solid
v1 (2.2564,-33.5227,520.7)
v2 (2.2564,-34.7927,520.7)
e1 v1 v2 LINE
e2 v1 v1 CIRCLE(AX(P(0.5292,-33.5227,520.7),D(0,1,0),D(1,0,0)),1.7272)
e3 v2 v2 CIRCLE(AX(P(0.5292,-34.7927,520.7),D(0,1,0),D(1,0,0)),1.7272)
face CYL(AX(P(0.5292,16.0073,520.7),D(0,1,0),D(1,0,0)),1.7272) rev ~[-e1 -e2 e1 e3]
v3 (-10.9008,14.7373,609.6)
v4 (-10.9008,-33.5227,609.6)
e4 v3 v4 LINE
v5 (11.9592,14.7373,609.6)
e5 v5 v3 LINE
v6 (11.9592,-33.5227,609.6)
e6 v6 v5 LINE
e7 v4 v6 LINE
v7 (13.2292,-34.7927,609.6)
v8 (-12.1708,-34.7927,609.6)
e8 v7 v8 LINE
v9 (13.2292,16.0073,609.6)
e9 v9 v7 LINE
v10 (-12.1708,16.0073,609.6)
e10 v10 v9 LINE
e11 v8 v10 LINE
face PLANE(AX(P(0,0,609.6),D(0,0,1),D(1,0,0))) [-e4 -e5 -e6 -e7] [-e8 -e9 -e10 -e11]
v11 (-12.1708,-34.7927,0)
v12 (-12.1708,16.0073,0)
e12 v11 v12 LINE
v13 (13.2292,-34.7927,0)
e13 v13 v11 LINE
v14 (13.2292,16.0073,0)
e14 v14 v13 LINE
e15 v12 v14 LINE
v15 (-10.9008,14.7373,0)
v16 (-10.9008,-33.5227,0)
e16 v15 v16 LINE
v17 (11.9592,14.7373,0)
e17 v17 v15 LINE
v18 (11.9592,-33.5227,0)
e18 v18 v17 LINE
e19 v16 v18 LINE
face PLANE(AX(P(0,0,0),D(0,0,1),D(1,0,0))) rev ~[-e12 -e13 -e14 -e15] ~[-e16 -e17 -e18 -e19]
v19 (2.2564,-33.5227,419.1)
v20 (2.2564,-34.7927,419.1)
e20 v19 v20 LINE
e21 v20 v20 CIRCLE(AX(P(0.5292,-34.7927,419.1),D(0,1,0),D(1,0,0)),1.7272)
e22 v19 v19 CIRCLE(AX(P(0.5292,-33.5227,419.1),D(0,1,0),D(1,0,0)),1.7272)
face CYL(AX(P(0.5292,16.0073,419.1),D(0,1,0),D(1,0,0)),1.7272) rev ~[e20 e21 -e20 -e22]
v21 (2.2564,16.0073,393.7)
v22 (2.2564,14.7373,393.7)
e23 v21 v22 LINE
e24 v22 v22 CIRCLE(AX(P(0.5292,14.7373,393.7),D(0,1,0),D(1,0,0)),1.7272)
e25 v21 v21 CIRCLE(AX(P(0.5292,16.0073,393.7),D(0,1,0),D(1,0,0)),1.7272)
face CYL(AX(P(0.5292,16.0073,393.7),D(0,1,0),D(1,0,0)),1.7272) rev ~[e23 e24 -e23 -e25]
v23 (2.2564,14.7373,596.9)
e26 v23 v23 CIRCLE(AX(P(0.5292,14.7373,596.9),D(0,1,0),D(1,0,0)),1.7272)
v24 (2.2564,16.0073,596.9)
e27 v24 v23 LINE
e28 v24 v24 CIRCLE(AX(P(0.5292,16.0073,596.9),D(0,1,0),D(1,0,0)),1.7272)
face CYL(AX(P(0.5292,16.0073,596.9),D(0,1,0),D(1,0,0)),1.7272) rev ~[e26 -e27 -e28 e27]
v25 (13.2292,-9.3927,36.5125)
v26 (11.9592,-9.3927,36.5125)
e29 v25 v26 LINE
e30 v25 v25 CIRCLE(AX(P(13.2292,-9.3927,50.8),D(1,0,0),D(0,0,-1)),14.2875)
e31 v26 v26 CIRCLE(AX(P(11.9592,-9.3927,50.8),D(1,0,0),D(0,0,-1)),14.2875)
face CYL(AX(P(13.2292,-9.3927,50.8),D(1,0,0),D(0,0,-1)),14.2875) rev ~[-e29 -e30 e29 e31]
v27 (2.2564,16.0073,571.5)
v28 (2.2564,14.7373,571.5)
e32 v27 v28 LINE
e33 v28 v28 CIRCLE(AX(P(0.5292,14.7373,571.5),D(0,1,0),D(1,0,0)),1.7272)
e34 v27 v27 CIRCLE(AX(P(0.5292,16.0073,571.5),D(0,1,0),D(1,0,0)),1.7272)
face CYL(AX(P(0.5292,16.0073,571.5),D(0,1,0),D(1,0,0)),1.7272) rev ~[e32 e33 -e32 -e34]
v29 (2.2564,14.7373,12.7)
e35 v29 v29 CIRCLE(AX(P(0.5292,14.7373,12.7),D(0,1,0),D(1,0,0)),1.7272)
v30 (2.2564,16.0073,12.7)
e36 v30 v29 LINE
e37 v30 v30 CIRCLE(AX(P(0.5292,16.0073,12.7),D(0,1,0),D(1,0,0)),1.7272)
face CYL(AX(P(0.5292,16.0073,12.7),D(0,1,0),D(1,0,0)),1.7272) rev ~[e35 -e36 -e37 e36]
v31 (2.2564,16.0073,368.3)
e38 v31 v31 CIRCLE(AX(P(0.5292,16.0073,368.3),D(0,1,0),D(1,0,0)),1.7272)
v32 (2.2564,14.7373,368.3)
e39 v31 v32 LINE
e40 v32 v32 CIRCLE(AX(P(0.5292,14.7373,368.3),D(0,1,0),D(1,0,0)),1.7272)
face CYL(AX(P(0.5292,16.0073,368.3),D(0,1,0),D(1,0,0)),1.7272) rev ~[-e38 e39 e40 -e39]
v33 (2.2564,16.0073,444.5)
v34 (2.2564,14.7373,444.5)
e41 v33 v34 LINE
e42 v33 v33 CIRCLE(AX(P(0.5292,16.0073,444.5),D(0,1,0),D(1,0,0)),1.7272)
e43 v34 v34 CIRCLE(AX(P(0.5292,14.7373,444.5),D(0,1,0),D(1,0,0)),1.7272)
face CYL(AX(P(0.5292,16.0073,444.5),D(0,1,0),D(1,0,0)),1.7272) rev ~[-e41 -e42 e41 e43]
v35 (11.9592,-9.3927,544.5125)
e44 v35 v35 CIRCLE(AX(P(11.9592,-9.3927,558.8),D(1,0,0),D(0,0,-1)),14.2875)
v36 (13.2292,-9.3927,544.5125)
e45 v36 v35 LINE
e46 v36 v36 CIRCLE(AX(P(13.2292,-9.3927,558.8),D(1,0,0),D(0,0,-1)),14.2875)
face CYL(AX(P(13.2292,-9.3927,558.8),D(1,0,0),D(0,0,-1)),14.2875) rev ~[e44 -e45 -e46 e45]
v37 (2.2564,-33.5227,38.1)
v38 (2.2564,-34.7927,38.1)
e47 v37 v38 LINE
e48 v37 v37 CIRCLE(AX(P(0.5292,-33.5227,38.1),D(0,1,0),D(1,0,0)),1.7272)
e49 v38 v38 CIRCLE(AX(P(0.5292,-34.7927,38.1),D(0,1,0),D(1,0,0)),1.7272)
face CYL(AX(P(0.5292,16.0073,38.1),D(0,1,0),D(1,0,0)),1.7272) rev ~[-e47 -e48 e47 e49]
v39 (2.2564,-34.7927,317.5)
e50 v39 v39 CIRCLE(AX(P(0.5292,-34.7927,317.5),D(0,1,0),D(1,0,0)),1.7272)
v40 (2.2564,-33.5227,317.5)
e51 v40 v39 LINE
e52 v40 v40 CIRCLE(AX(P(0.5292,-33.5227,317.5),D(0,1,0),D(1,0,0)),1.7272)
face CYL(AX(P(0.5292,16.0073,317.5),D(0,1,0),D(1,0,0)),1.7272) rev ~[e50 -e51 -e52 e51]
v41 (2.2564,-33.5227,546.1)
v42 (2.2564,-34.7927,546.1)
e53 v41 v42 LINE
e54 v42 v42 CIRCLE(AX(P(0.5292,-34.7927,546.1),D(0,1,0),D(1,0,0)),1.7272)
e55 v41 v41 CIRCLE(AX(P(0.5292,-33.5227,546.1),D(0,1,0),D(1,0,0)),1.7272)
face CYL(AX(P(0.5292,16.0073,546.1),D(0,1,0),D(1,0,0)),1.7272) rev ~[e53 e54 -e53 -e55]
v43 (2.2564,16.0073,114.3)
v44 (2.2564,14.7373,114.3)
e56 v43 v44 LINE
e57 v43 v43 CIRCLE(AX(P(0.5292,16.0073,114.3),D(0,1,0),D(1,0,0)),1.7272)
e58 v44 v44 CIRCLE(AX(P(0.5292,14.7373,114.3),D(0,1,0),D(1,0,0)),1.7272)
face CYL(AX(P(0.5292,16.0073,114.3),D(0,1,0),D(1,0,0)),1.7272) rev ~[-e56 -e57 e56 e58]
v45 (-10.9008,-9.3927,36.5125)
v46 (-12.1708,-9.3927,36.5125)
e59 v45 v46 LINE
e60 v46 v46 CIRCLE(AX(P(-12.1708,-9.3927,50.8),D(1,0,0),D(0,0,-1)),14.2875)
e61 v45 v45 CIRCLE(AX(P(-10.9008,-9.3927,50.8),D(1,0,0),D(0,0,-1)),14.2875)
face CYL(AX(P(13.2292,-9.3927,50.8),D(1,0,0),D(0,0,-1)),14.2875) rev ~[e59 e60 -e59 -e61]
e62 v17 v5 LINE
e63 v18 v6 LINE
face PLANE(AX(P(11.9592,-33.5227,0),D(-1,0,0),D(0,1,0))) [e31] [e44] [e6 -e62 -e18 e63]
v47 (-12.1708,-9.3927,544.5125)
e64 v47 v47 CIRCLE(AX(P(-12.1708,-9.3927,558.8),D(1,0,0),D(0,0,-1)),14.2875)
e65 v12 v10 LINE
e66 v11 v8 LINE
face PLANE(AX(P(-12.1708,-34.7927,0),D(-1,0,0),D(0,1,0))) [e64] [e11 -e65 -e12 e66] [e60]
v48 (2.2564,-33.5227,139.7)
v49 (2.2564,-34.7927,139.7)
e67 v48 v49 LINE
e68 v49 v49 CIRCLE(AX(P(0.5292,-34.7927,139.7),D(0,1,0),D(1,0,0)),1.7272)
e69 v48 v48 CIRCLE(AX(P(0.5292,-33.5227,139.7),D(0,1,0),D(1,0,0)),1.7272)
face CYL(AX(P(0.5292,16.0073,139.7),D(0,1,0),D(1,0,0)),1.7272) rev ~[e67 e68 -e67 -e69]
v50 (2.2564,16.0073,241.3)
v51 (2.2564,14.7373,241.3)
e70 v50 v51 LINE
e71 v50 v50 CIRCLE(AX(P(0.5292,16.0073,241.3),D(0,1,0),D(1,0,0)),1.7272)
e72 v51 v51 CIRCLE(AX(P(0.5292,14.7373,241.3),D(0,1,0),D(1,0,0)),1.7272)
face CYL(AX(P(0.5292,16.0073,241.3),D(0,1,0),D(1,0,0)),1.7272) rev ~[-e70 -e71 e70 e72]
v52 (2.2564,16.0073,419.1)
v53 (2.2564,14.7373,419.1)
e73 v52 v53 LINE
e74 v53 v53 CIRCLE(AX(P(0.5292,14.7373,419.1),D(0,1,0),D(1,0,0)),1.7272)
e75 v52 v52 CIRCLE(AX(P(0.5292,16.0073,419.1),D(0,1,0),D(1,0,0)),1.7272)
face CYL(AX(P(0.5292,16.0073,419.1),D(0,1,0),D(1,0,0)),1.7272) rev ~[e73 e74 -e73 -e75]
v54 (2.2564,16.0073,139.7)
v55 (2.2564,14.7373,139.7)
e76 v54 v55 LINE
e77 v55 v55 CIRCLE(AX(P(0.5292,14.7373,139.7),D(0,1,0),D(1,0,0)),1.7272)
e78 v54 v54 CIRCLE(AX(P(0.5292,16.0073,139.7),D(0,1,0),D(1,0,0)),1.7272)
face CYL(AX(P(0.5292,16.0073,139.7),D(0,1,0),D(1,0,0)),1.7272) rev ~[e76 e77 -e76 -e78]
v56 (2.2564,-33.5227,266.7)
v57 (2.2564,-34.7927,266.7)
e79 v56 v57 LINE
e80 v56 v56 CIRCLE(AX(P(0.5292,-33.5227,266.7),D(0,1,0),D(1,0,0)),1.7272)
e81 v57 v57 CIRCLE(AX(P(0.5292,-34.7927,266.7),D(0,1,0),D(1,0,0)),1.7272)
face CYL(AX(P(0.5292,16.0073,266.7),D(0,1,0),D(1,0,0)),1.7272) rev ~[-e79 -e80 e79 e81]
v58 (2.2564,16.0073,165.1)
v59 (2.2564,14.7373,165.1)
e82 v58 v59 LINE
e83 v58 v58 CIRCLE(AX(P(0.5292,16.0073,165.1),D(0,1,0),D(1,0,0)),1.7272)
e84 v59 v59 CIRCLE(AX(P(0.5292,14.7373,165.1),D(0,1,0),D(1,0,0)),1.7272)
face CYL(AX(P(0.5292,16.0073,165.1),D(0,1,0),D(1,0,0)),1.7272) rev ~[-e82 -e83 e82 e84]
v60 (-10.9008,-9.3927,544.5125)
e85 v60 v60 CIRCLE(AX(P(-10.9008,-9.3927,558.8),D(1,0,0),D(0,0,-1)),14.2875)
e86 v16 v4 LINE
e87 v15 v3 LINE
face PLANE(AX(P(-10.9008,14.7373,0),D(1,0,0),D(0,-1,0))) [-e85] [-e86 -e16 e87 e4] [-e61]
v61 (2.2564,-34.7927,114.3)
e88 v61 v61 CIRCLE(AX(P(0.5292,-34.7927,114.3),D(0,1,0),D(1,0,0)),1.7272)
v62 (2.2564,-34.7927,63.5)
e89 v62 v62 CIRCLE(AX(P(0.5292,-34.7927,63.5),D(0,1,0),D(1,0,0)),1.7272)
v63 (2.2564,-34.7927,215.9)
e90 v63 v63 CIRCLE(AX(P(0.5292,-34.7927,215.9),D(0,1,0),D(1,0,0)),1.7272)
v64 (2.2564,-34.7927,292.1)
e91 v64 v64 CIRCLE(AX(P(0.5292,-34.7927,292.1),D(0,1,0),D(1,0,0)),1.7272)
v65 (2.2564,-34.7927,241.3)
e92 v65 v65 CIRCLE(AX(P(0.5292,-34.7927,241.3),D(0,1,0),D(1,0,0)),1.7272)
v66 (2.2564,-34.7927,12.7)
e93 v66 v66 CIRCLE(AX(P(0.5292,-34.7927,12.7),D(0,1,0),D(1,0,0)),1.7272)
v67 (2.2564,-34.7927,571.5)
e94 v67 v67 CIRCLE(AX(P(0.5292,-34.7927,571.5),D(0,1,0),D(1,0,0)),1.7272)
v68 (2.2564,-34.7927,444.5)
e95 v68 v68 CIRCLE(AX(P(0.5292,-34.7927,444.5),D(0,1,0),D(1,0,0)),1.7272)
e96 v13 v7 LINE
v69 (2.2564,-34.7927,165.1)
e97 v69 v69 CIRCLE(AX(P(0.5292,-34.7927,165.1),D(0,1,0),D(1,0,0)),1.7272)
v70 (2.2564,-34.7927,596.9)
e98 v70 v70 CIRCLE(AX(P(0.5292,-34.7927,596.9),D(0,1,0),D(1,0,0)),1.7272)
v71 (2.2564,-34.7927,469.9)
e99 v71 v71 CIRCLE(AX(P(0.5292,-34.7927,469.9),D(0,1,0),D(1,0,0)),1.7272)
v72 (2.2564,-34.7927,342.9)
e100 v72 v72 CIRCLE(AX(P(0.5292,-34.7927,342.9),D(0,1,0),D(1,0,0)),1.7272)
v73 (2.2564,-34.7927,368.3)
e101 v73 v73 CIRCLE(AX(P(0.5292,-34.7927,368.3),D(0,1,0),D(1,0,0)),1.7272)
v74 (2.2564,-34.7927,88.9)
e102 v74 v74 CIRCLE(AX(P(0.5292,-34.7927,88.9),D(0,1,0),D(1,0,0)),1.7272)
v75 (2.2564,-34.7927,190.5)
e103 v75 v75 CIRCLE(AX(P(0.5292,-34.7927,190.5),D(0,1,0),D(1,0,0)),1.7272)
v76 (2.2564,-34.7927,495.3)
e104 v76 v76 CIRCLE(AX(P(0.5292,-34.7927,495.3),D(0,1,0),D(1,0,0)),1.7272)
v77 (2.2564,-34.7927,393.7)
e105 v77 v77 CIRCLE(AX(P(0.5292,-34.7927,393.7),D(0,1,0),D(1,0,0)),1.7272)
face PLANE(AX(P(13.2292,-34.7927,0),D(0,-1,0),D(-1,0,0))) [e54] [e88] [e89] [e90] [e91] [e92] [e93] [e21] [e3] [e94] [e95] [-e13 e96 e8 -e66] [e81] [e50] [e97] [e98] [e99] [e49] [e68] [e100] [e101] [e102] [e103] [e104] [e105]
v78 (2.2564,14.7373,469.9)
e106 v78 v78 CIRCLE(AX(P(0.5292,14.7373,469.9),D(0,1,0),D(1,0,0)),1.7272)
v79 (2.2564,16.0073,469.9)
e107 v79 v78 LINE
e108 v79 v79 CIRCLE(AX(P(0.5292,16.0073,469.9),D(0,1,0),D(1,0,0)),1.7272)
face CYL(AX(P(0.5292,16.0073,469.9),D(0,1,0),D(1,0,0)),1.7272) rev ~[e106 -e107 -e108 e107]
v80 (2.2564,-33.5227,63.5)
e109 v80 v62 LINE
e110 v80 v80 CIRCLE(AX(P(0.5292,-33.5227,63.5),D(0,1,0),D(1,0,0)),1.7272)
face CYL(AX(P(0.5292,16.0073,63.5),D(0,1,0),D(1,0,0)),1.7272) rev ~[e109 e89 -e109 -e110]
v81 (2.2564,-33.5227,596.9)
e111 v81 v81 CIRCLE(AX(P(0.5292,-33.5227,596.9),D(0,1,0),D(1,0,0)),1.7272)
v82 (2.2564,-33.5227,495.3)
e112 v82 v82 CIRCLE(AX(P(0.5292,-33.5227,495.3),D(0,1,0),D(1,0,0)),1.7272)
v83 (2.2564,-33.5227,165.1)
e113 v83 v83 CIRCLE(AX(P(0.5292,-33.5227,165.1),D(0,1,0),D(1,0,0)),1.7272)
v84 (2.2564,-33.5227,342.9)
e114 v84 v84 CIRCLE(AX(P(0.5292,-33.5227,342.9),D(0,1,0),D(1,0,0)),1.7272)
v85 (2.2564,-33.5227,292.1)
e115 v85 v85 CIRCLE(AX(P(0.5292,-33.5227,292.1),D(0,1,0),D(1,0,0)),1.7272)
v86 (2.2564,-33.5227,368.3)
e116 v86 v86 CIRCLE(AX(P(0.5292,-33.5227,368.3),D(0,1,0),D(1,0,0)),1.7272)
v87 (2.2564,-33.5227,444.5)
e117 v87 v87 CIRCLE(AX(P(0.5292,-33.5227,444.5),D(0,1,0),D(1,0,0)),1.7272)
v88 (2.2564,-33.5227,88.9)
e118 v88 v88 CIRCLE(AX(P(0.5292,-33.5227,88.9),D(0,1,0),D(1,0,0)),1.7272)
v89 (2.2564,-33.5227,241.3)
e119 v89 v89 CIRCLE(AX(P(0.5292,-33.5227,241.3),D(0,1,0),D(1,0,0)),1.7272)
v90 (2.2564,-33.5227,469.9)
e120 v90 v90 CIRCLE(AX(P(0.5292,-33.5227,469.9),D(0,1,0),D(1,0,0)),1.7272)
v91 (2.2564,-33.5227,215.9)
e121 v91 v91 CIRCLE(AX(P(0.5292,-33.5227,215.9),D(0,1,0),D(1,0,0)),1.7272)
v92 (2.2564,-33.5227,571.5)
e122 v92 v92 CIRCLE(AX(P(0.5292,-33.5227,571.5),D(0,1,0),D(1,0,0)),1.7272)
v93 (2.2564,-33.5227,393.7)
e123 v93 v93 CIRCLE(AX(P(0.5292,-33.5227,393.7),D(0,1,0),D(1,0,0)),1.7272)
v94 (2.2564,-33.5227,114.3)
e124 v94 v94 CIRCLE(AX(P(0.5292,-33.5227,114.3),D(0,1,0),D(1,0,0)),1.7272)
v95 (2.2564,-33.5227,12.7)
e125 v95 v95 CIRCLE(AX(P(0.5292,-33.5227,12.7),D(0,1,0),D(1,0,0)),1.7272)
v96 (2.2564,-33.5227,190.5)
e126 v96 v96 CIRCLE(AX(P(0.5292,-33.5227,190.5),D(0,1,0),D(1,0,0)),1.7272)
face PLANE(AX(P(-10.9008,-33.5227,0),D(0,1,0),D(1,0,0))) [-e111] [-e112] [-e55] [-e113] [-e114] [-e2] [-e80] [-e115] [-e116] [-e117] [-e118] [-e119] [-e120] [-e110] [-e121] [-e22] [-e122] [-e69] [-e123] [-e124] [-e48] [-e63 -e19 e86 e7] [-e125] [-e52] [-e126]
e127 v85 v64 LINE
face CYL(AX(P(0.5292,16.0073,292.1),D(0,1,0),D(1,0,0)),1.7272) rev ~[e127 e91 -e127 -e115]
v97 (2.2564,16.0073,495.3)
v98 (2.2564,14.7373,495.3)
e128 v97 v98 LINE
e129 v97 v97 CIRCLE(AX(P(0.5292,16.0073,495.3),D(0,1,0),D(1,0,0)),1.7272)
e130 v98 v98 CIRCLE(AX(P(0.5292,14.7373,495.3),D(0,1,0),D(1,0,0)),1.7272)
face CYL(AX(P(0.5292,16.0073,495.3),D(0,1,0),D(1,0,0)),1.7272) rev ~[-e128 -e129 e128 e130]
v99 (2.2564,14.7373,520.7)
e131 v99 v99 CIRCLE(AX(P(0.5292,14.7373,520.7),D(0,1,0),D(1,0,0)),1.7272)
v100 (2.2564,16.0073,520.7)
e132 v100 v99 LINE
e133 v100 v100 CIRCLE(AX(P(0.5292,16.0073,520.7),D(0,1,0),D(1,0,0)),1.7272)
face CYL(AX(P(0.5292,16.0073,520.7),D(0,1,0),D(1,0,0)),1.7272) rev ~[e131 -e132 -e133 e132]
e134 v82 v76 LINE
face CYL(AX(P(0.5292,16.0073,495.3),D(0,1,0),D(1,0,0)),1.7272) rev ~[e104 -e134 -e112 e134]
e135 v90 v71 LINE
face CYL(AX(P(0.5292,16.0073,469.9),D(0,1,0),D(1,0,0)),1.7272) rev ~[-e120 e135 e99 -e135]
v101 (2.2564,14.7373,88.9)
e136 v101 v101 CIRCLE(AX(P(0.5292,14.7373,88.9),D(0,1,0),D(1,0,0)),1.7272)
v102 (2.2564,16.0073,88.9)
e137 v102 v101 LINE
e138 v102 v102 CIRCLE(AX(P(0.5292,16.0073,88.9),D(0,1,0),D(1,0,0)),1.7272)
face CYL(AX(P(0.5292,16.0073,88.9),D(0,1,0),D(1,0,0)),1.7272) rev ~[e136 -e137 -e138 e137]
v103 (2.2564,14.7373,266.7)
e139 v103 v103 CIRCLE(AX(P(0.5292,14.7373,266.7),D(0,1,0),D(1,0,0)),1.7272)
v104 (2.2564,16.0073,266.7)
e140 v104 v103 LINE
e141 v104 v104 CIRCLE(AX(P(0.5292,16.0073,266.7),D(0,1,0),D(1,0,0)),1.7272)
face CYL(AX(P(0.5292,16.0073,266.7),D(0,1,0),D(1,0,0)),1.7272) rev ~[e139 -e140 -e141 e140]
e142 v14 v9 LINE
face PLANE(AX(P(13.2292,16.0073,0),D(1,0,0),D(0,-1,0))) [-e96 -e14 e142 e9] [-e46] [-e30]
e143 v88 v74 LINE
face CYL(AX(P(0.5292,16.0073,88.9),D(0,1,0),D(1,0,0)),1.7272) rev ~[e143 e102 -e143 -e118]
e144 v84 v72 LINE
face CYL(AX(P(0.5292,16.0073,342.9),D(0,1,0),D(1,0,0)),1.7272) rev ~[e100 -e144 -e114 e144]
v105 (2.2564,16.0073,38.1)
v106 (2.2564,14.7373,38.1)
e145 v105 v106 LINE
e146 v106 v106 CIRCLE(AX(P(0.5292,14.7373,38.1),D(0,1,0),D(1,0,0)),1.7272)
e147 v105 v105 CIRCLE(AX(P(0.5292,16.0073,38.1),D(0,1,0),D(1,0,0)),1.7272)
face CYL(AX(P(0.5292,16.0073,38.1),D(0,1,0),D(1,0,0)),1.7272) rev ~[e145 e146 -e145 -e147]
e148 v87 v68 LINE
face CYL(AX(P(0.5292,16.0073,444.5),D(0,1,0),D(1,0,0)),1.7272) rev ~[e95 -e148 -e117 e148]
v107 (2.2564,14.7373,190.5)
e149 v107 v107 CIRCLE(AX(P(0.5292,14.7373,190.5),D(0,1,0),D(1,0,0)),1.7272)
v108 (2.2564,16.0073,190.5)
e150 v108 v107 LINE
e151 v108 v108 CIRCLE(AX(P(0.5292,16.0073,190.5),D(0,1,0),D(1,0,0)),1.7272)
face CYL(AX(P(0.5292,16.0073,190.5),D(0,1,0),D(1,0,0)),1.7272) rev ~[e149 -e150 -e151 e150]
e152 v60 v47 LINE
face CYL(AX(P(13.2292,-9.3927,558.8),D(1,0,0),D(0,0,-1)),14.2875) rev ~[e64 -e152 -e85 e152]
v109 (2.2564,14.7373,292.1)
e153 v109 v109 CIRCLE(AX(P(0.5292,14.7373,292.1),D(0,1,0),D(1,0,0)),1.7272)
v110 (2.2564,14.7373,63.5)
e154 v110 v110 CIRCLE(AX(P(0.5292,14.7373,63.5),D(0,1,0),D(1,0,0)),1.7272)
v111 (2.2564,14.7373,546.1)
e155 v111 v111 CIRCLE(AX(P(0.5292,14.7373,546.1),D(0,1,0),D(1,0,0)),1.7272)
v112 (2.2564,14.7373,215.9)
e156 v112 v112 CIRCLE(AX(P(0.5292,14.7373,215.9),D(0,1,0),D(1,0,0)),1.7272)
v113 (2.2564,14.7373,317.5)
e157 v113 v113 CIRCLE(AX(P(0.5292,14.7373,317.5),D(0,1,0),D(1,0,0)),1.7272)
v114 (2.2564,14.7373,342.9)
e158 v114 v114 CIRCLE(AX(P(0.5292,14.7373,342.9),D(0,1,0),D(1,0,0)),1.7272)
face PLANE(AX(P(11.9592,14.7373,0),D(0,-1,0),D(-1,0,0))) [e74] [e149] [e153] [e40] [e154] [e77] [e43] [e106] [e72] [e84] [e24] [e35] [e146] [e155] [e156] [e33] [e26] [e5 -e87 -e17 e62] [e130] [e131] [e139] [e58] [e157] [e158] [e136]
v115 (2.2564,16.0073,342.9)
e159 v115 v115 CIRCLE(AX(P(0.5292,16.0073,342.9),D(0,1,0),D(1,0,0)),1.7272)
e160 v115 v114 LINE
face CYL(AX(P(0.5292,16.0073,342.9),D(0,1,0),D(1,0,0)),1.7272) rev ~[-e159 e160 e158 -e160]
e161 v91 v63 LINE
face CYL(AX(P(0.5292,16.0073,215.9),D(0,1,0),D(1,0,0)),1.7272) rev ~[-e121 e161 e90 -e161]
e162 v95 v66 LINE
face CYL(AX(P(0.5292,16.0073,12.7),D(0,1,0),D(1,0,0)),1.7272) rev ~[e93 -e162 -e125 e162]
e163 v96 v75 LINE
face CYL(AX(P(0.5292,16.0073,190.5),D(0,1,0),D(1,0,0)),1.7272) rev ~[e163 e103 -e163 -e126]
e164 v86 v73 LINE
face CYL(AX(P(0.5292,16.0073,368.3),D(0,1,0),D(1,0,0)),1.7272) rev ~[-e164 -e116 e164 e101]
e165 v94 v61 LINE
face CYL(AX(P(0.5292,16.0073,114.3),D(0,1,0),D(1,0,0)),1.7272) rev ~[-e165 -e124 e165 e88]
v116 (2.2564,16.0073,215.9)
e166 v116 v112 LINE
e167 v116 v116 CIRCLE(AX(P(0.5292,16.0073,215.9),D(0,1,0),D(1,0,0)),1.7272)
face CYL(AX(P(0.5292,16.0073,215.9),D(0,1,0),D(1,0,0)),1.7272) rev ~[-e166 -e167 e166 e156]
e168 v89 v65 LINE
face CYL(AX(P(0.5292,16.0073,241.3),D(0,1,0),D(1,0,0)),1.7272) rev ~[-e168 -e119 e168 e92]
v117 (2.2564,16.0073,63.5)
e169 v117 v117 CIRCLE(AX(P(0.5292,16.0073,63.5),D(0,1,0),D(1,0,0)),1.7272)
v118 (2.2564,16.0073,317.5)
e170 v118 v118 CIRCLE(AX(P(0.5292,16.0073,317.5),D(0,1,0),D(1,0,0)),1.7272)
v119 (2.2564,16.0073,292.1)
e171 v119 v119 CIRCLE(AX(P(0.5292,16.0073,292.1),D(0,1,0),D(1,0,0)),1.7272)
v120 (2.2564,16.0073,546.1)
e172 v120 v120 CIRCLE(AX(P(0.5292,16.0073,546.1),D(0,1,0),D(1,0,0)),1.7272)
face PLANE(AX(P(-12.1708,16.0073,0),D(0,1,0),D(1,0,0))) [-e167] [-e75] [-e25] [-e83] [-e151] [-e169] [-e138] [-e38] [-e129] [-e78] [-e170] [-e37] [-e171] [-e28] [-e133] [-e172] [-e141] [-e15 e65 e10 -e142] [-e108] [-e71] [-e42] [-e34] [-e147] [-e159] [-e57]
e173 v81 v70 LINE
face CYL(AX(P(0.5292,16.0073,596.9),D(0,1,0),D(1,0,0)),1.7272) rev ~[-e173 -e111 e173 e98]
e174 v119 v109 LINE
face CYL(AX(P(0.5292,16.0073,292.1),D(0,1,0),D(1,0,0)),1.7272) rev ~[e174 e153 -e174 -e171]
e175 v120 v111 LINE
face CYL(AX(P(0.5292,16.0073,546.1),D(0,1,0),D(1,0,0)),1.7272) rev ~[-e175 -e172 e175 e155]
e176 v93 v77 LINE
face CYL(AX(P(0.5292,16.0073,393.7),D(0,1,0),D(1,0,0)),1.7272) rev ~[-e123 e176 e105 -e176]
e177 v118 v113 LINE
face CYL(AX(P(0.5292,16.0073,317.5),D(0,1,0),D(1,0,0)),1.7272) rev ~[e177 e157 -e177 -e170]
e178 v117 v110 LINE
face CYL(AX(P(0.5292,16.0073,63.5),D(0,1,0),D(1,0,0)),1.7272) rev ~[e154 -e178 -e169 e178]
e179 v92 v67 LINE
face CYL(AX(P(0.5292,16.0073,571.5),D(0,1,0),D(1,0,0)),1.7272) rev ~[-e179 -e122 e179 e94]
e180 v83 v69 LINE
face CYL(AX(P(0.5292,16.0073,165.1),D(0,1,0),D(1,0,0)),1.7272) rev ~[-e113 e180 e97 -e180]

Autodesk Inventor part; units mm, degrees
ref_plane "YZ Plane" through (0, 0, 0) normal (1, 0, 0) x (0, 1, 0)
ref_plane "XZ Plane" through (0, 0, 0) normal (0, 1, 0) x (-1, 0, 0)
ref_plane "XY Plane" through (0, 0, 0) normal (0, 0, 1) x (1, 0, 0)
sketch "Sketch1" plane through (0, 0, 0) normal (0, 0, 1) x (1, 0, 0)
  line L0 (-12.1708, 16.0073) -> (13.2292, 16.0073)
  line L1 (13.2292, 16.0073) -> (13.2292, -34.7927)
  line L2 (13.2292, -34.7927) -> (-12.1708, -34.7927)
  line L3 (-12.1708, -34.7927) -> (-12.1708, 16.0073)
  line L4 (11.9592, 14.7373) -> (-10.9008, 14.7373)
  line L5 (-10.9008, 14.7373) -> (-10.9008, -33.5227)
  line L6 (-10.9008, -33.5227) -> (11.9592, -33.5227)
  line L7 (11.9592, -33.5227) -> (11.9592, 14.7373)
  point P0 (0, 0)
  dimension "d0" = 25.4
  dimension "d1" = 50.8
  dimension "d2" = 1.27
extrude "Extrusion1" add sketch "Sketch1" along normal blind 609.6
sketch "Sketch2" plane through (-12.1708, 16.0073, 0) normal (0, 1, 0) x (1, 0, 0)
  circle A0 centre (12.7, -12.7) radius 1.7272
  line L0 (25.4, 0) -> (0, 0) projected
  line L1 (0, 0) -> (0, -609.6) projected
  point P0 (12.1708, 0)
  dimension "d5" = 3.4544
  dimension "d6" = 12.7
  dimension "d7" = 12.7
extrude "Extrusion2" cut sketch "Sketch2" against normal through all
pattern_linear "Rectangular Pattern1" count 61 spacing 25.4 along (0, 0, 1) of "Extrusion2"
sketch "Sketch4" plane through (13.2292, -34.7927, 0) normal (1, 0, 0) x (0, 0, -1)
  circle A0 centre (-558.8, 25.4) radius 14.2875
  circle A1 centre (-50.8, 25.4) radius 14.2875
  line L0 (-609.6, 0) -> (-609.6, 50.8) projected
  line L1 (0, 0) -> (0, 50.8) projected
  point P0 (0, 34.7927)
  dimension "d19" = 28.575
  dimension "d20" = 28.575
  dimension "d21" = 50.8
  dimension "d22" = 50.8
extrude "Extrusion4" cut sketch "Sketch4" against normal through all
equation "\"d3\" = d13"
equation "\"d10\" = d14"
equation "\"d13\" = 609.6"
equation "\"d14\" = d13"
properties part number "Elevator Versaframe2"
